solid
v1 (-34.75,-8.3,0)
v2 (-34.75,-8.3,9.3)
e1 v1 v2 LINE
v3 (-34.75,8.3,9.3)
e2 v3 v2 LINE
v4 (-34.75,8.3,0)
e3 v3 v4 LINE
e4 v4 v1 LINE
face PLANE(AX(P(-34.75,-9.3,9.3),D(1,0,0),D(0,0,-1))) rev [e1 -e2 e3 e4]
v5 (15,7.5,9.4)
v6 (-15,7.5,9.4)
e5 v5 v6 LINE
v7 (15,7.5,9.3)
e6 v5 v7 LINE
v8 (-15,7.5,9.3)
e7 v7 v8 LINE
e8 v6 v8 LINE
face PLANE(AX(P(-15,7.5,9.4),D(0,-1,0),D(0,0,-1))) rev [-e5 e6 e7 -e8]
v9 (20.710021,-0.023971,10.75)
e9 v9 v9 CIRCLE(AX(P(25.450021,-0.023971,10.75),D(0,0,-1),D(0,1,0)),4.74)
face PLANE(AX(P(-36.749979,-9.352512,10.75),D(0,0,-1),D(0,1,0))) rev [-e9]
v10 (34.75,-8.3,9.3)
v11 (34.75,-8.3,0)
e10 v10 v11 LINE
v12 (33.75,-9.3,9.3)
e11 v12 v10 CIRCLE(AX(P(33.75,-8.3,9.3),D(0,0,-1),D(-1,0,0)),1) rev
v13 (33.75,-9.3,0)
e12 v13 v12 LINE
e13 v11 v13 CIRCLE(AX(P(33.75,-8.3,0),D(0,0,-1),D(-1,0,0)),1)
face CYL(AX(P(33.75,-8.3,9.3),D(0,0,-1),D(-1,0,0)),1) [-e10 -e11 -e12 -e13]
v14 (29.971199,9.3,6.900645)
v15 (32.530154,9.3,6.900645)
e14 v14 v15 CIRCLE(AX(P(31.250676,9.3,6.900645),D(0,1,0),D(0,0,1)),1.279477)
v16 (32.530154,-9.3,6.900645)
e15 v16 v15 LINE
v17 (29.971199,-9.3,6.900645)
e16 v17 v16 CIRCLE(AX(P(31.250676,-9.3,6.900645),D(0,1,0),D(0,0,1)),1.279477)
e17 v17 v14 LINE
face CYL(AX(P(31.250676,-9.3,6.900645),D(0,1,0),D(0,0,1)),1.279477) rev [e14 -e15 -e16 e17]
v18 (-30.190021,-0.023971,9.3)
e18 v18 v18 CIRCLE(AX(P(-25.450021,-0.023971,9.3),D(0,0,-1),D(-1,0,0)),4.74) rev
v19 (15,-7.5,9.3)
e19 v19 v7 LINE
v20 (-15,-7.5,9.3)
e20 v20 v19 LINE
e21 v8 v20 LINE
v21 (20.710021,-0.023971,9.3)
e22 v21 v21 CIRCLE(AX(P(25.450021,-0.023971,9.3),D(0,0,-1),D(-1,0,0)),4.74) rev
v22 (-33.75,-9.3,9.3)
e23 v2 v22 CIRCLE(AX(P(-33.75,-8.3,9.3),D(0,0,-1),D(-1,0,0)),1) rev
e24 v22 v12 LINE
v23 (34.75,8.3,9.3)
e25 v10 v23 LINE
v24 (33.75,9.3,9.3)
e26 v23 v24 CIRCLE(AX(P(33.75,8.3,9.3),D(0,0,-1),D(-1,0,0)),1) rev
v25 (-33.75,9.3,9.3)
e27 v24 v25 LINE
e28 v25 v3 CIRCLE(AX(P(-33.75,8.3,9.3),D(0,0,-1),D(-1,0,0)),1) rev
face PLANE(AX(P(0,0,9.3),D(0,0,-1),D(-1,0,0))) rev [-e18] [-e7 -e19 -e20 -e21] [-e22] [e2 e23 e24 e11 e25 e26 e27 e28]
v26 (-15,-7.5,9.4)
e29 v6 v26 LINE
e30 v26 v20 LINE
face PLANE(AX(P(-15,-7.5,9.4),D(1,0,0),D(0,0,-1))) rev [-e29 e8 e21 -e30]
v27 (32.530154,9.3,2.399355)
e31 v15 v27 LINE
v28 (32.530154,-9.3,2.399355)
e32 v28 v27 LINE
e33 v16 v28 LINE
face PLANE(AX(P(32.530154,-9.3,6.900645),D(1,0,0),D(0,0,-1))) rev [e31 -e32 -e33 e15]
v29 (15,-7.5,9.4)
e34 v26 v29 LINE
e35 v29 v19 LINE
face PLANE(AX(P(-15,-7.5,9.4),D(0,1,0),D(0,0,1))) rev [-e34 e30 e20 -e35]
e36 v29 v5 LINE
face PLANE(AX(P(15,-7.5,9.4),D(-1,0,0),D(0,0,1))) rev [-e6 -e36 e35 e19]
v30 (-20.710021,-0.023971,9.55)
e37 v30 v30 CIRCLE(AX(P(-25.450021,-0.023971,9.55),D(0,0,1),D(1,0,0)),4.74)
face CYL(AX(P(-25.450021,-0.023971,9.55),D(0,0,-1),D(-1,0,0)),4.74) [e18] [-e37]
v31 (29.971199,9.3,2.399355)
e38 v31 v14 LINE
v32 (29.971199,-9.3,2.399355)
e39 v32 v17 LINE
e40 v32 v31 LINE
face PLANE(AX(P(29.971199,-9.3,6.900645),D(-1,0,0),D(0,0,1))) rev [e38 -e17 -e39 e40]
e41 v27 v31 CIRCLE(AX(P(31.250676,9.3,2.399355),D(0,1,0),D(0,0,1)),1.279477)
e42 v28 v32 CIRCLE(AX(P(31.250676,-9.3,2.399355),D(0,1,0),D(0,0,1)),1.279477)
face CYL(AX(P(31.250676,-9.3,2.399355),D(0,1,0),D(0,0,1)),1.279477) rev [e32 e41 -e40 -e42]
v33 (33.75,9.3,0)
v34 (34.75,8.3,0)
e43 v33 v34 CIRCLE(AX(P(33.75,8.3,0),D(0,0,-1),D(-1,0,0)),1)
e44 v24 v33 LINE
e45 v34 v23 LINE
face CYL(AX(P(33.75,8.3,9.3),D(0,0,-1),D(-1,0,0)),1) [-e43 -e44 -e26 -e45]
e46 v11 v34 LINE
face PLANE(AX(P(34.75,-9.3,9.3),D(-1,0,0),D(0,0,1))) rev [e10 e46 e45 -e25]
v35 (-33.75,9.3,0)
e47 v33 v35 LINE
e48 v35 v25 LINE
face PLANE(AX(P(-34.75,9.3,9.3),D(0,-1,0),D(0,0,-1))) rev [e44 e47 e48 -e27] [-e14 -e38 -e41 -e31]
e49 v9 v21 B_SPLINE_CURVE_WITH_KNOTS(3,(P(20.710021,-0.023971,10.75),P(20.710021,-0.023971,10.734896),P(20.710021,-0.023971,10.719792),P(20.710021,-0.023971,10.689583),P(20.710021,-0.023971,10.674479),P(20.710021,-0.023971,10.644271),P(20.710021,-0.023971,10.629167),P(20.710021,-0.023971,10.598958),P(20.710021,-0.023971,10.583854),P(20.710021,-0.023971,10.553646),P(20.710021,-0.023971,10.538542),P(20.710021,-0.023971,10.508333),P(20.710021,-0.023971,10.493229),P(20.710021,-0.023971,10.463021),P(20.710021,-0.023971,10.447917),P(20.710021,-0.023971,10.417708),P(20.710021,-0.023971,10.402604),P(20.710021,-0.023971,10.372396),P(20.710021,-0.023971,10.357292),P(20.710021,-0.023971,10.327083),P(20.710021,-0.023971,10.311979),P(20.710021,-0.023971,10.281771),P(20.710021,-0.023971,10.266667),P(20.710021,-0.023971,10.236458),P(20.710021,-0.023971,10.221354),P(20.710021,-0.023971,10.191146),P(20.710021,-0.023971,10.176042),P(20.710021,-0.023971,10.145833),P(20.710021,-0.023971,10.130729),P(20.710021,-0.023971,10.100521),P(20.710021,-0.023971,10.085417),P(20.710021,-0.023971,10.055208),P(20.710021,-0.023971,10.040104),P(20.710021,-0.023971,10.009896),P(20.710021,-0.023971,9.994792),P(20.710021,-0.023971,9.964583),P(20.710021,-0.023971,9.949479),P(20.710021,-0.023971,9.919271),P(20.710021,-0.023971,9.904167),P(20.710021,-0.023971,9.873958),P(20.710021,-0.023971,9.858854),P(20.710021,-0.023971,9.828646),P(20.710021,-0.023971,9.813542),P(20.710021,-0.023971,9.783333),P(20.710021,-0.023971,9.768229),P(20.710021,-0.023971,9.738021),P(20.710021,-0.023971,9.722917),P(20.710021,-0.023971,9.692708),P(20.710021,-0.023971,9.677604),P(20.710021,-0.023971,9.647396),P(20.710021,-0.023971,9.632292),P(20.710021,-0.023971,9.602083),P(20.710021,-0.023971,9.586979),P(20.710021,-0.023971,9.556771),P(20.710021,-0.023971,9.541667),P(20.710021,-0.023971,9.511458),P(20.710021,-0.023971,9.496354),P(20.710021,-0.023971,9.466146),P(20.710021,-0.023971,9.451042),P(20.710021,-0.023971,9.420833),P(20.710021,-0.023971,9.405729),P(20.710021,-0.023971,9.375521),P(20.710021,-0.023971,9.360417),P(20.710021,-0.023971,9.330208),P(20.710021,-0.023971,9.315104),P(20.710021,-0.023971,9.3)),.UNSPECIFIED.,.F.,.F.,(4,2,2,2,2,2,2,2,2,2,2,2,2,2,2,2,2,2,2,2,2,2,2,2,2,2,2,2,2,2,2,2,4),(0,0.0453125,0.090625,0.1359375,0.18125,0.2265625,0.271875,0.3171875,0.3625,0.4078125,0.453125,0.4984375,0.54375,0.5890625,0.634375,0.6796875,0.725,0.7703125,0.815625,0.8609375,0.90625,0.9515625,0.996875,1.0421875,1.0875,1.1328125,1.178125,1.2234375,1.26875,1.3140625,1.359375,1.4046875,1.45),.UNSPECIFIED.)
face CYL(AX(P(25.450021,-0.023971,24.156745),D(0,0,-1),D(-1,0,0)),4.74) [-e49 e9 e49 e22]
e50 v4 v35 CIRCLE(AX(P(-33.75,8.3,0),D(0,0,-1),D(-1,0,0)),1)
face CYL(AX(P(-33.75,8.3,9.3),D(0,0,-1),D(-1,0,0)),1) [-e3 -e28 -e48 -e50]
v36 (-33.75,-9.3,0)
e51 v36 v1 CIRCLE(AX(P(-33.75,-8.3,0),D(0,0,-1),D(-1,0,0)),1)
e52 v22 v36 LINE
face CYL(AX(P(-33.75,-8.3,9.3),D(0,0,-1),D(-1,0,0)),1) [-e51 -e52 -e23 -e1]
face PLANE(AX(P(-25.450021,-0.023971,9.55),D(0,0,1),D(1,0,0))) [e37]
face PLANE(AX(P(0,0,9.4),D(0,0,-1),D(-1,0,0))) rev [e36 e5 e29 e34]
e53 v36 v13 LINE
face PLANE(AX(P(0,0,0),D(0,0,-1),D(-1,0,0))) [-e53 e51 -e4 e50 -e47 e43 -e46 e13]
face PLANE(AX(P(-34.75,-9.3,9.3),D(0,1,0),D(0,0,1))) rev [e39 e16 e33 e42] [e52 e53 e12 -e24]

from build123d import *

# Parameters (mm, degrees)
ESQUISSE1_W                  = 69.5
ESQUISSE1_H                  = 18.6
BOSS_EXTRU_1_DEPTH           = 9.3
ENL_V_MAT_EXTRU_1_DEPTH      = 41.497067795
ENL_V_MAT_EXTRU_1_DEPTH_BACK = 41.497067795
CONG_1_R                     = 1
ESQUISSE3_R                  = 4.74
BOSS_EXTRU_2_DEPTH           = 1.45
ESQUISSE4_R                  = 4.74
BOSS_EXTRU_3_DEPTH           = 0.25
ESQUISSE5_W                  = 30
ESQUISSE5_H                  = 15
BOSS_EXTRU_4_DEPTH           = 0.1


with BuildPart() as part:
    # Esquisse1 → Boss.-Extru.1 (new body)
    with BuildSketch(Plane.XY):
        Rectangle(ESQUISSE1_W, ESQUISSE1_H)
    extrude(amount=BOSS_EXTRU_1_DEPTH)

    # Esquisse2 → Enlèv. mat.-Extru.1 (cut, two sides: drawn at the far end of the back side and taken through both)
    with BuildSketch(Plane(origin=(0, 9.3, 0), x_dir=(1, 0, 0), z_dir=(0, 1, 0)).offset(-ENL_V_MAT_EXTRU_1_DEPTH_BACK)):
        with BuildLine():
            Line((29.971199051, -6.900645436), (29.971199051, -2.399354564))
            ThreePointArc((29.971199051, -2.399354564), (31.250676471, -1.119877145), (32.53015389, -2.399354564))
            Line((32.53015389, -2.399354564), (32.53015389, -6.900645436))
            ThreePointArc((32.53015389, -6.900645436), (31.250676471, -8.180122855), (29.971199051, -6.900645436))
        make_face()
    extrude(amount=ENL_V_MAT_EXTRU_1_DEPTH + ENL_V_MAT_EXTRU_1_DEPTH_BACK, mode=Mode.SUBTRACT)

    # Congé1
    cong_1_edges = [part.edges().sort_by_distance(p)[0] for p in [
        (34.75, -9.3, 4.65),
        (-34.75, -9.3, 4.65),
        (-34.75, 9.3, 4.65),
        (34.75, 9.3, 4.65),
    ]]
    fillet(cong_1_edges, radius=CONG_1_R)

    # Esquisse3 → Boss.-Extru.2 (add)
    with BuildSketch(Plane.XY.offset(9.3)):
        with Locations(Location((25.450020764, -0.023971243, 0), (0, 0, 180))):
            Circle(ESQUISSE3_R)
    extrude(amount=BOSS_EXTRU_2_DEPTH)

    # Esquisse4 → Boss.-Extru.3 (add)
    with BuildSketch(Plane.XY.offset(9.3)):
        with Locations(Location((-25.450020764, -0.023971243, 0), (0, 0, 180))):
            Circle(ESQUISSE4_R)
    extrude(amount=BOSS_EXTRU_3_DEPTH)

    # Esquisse5 → Boss.-Extru.4 (add)
    with BuildSketch(Plane.XY.offset(9.3)):
        Rectangle(ESQUISSE5_W, ESQUISSE5_H)
    extrude(amount=BOSS_EXTRU_4_DEPTH)


solid = part.part
